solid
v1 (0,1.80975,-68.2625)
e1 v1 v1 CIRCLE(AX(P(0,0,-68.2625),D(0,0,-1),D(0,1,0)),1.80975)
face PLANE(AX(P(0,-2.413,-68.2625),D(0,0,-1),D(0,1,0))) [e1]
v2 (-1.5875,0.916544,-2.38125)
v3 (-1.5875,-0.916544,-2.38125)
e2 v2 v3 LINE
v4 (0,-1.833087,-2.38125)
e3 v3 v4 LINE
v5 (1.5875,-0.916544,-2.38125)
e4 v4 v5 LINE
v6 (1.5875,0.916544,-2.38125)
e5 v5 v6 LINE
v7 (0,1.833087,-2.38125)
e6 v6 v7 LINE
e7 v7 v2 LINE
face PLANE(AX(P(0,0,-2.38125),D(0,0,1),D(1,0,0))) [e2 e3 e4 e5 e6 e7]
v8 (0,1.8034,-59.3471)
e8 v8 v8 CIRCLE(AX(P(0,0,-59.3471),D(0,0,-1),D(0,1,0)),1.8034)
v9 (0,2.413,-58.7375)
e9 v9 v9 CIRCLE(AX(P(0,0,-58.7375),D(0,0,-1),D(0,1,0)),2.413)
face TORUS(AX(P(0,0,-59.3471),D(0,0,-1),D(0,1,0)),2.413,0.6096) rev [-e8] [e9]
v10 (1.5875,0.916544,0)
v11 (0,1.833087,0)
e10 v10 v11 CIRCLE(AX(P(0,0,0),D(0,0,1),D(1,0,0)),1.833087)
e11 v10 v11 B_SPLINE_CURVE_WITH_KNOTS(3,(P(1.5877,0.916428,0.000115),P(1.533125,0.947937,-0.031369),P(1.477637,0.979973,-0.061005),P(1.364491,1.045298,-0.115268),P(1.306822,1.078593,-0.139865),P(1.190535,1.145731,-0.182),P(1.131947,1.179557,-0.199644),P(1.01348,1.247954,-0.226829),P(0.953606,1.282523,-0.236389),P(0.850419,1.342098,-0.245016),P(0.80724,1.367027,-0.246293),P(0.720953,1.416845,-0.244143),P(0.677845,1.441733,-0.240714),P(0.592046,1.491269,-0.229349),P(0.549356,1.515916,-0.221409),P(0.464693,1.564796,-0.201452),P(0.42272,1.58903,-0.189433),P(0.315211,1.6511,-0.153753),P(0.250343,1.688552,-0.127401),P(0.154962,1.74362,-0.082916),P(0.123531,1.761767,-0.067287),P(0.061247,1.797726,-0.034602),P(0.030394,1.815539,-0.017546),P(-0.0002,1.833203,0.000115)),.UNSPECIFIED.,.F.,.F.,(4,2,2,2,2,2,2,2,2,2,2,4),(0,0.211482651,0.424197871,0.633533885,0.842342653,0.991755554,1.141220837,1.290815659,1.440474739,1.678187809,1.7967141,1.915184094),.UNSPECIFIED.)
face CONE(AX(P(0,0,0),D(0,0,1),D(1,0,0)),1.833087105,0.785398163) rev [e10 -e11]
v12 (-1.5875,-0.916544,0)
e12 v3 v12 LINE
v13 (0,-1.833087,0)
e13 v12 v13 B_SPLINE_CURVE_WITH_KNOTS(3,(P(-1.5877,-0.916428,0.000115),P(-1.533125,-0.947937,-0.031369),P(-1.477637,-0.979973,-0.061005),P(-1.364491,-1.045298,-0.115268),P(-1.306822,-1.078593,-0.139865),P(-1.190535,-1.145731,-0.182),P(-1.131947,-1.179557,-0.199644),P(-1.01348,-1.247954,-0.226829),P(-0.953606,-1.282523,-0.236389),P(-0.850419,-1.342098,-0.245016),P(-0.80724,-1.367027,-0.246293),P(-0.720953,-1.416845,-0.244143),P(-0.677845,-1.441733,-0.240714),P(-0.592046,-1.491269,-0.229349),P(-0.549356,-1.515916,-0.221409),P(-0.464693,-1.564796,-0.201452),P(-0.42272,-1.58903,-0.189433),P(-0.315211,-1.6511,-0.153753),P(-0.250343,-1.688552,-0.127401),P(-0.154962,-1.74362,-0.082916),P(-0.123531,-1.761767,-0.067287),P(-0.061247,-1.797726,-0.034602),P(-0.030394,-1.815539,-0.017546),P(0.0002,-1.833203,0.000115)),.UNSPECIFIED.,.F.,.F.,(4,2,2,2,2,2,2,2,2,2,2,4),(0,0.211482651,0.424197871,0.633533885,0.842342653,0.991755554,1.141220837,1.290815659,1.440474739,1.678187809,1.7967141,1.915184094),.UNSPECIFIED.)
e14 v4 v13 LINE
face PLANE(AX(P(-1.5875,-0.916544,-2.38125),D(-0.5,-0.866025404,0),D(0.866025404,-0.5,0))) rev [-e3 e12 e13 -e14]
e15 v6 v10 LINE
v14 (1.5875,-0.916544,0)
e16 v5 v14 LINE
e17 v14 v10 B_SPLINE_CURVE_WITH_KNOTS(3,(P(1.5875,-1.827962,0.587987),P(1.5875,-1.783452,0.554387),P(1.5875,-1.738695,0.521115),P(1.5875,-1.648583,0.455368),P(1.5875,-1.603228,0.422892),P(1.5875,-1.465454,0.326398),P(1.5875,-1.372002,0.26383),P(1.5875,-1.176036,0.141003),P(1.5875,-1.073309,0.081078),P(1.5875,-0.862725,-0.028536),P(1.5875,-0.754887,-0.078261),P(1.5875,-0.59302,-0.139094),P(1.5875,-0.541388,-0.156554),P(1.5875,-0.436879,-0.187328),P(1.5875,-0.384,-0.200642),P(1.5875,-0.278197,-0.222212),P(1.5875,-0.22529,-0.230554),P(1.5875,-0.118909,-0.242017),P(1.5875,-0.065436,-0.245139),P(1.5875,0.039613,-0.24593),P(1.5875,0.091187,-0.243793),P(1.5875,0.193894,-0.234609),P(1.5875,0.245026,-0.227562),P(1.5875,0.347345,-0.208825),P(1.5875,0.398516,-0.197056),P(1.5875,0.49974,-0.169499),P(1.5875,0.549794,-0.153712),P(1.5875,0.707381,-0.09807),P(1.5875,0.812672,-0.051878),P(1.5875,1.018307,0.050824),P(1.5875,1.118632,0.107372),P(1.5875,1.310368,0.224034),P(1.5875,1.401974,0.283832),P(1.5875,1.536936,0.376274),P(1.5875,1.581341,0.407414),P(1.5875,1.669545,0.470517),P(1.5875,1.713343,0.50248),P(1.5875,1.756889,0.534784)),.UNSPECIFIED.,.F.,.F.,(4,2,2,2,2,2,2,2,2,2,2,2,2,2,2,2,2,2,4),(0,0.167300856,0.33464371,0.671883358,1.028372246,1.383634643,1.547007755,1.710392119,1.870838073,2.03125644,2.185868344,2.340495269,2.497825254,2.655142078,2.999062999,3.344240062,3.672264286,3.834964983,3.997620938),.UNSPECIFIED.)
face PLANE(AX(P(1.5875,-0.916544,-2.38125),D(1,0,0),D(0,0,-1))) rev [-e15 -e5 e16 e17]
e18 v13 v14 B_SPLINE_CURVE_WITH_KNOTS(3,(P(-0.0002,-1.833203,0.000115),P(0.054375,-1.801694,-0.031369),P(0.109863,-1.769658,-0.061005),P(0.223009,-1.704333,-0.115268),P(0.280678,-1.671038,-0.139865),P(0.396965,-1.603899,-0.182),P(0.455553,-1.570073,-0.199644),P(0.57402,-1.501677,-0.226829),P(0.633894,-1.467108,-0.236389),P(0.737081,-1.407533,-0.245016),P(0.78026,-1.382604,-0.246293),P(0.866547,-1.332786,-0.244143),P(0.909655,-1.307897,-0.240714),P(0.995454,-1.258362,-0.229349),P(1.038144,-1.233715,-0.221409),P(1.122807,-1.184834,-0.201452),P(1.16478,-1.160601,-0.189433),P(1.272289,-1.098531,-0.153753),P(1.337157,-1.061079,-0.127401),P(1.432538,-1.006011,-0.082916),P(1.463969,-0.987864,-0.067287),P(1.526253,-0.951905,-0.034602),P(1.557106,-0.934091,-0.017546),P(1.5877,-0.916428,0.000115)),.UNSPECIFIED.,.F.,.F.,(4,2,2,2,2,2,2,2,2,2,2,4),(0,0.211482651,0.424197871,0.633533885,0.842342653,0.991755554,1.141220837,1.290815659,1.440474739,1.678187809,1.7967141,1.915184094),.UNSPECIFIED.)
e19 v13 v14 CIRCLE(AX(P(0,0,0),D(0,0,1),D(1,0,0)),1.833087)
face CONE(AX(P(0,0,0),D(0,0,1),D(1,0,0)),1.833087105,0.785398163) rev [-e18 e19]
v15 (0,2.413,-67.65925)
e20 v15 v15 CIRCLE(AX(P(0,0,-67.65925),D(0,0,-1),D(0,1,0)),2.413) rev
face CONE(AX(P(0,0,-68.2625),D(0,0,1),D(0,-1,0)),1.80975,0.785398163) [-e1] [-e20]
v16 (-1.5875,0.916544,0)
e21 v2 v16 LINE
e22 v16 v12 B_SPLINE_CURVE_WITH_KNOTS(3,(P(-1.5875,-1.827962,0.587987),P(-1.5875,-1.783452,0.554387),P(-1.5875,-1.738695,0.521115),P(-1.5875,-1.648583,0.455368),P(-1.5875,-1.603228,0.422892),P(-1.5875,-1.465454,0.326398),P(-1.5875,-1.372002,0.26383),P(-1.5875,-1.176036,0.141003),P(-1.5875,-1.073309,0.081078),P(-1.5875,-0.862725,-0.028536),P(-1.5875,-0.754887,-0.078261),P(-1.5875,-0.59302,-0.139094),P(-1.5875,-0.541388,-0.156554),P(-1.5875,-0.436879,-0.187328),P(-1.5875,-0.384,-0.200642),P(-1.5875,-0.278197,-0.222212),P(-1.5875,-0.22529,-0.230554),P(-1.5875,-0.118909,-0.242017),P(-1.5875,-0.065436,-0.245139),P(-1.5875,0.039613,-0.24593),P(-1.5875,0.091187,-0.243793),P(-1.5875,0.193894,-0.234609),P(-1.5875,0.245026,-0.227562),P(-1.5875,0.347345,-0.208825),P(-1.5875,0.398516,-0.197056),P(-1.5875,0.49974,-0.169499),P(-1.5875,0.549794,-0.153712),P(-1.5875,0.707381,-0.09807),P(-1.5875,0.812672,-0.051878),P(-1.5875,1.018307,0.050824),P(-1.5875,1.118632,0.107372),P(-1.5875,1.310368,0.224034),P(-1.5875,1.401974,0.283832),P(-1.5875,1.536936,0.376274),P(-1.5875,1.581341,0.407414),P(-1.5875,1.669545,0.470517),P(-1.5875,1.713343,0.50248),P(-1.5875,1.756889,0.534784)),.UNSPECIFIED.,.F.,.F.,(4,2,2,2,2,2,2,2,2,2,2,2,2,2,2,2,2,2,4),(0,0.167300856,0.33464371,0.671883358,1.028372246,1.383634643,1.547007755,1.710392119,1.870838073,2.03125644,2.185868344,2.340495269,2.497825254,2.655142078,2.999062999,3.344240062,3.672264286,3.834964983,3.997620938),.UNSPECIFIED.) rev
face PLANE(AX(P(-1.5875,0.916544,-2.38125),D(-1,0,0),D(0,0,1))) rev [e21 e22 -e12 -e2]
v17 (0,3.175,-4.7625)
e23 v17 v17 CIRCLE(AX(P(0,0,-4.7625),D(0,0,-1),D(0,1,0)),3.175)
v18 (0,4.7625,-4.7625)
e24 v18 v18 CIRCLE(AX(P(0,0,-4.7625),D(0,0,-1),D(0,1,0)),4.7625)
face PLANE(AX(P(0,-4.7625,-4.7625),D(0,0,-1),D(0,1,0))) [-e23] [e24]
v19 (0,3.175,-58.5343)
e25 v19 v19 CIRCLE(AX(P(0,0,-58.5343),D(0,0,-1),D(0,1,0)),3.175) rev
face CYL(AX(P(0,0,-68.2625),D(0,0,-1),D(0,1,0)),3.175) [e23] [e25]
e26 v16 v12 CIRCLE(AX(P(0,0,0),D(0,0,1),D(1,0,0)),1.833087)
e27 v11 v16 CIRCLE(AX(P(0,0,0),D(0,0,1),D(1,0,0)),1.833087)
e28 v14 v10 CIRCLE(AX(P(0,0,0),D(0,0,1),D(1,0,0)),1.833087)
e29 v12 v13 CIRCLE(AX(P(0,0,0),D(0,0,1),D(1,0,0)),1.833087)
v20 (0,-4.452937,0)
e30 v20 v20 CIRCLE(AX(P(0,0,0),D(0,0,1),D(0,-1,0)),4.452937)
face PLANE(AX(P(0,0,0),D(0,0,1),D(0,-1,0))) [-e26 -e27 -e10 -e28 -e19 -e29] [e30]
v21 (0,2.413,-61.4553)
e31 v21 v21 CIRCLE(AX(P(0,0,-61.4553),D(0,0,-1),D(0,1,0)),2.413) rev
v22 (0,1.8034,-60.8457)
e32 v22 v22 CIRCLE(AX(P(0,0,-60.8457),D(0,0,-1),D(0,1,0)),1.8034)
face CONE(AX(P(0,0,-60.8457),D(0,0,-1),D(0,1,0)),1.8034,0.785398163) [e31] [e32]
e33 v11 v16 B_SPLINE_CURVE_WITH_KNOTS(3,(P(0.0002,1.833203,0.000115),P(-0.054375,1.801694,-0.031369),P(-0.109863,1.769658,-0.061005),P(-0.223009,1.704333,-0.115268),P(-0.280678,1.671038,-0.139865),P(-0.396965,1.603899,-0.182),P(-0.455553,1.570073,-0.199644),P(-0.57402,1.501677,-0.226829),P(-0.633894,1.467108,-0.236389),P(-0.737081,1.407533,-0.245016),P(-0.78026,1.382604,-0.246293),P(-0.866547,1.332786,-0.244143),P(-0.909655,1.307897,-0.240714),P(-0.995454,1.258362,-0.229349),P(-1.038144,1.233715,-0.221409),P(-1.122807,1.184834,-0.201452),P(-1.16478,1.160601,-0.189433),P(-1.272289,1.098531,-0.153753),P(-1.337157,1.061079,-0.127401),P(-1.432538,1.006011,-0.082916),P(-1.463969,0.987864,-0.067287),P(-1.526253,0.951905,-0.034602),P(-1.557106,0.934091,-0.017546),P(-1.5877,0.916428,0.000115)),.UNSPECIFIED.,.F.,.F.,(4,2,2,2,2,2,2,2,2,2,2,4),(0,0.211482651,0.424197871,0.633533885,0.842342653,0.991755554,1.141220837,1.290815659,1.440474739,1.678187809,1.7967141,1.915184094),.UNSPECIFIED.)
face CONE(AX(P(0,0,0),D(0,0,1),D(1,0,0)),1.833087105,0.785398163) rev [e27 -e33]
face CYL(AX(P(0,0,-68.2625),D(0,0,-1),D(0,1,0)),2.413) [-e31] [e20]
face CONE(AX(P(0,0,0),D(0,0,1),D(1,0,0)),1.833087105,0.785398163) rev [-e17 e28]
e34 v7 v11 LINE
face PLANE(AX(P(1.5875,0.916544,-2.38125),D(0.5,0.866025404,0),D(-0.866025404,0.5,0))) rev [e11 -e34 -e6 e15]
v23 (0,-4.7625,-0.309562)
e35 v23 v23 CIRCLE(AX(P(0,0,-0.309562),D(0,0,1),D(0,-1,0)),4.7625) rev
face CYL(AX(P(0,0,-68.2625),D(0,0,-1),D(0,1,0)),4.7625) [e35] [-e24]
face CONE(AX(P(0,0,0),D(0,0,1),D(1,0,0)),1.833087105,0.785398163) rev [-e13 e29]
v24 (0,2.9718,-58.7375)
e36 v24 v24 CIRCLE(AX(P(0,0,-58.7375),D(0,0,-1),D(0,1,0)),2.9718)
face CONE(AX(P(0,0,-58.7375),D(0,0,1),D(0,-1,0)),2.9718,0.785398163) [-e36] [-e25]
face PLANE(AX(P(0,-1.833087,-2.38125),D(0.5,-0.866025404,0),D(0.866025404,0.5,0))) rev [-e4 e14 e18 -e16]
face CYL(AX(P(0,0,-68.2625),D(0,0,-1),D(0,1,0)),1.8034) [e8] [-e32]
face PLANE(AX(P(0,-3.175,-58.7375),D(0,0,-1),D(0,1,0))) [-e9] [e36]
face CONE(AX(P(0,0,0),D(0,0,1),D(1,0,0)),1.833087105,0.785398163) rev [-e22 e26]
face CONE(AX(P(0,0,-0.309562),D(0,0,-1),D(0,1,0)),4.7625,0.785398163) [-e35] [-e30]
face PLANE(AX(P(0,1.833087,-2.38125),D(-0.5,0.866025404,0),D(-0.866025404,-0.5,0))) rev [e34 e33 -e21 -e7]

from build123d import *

# Parameters (mm, degrees)
CHAMFER1_SIZE      = 0.60325
CHAMFER2_SIZE      = 0.3095625
CHAMFER3_SIZE      = 0.2032
CUT_EXTRUDE2_DEPTH = 2.38125


with BuildPart() as part:
    # Sketch1 → Revolve1 (revolve)
    with BuildSketch(Plane(origin=(0, 0, 0), x_dir=(0, 0, -1), z_dir=(1, 0, 0))):
        Polygon((0, 4.7625), (4.7625, 4.7625), (4.7625, 3.175), (58.7375, 3.175), (58.7375, 2.413), (68.2625, 2.413), (68.2625, 0), (0, 0), align=None)
    revolve(axis=Axis((0, 0, -68.2625), (0, 0, 1)))

    # Sketch5 → Cut-Revolve1 (revolve, cut)
    with BuildSketch(Plane(origin=(0, 0, 0), x_dir=(0, 0, -1), z_dir=(1, 0, 0))):
        with BuildLine():
            Line((58.7375, 3.175), (62.2173, 3.175))
            Line((62.2173, 3.175), (60.8457, 1.8034))
            Line((60.8457, 1.8034), (59.3471, 1.8034))
            ThreePointArc((59.3471, 1.8034), (58.916047706, 1.981947706), (58.7375, 2.413))
            Line((58.7375, 2.413), (58.7375, 3.175))
        make_face()
    revolve(axis=Axis((0, 0, -68.2625), (0, 0, 1)), mode=Mode.SUBTRACT)

    # Chamfer1
    chamfer1_edges = [part.edges().sort_by_distance(p)[0] for p in [
        (0, -2.413, -68.2625),
    ]]
    chamfer(chamfer1_edges, length=CHAMFER1_SIZE)

    # Chamfer2
    chamfer2_edges = [part.edges().sort_by_distance(p)[0] for p in [
        (0, -4.7625, 0),
    ]]
    chamfer(chamfer2_edges, length=CHAMFER2_SIZE)

    # Chamfer3
    chamfer3_edges = [part.edges().sort_by_distance(p)[0] for p in [
        (0, -3.175, -58.7375),
    ]]
    chamfer(chamfer3_edges, length=CHAMFER3_SIZE)

    # Sketch8 → Cut-Extrude2 (cut)
    with BuildSketch(Plane.XY):
        Polygon((1.5875, 0.916543552), (0, 1.833087105), (-1.5875, 0.916543552), (-1.5875, -0.916543552), (0, -1.833087105), (1.5875, -0.916543552), align=None)
    extrude(amount=-CUT_EXTRUDE2_DEPTH, mode=Mode.SUBTRACT)

    # Cut-Extrude4 cone 1 section (through the dimple's axis) → Cut-Extrude4 (revolve, cut)
    with BuildSketch(Plane(origin=(0, 0, 0), x_dir=(0, -1, 0), z_dir=(1, 0, 0))):
        Polygon((0, 0), (1.833087105, 0), (0, 1.833087105), align=None)
    revolve(axis=Axis((0, 0, 0), (0, 0, -1)), mode=Mode.SUBTRACT)


solid = part.part
